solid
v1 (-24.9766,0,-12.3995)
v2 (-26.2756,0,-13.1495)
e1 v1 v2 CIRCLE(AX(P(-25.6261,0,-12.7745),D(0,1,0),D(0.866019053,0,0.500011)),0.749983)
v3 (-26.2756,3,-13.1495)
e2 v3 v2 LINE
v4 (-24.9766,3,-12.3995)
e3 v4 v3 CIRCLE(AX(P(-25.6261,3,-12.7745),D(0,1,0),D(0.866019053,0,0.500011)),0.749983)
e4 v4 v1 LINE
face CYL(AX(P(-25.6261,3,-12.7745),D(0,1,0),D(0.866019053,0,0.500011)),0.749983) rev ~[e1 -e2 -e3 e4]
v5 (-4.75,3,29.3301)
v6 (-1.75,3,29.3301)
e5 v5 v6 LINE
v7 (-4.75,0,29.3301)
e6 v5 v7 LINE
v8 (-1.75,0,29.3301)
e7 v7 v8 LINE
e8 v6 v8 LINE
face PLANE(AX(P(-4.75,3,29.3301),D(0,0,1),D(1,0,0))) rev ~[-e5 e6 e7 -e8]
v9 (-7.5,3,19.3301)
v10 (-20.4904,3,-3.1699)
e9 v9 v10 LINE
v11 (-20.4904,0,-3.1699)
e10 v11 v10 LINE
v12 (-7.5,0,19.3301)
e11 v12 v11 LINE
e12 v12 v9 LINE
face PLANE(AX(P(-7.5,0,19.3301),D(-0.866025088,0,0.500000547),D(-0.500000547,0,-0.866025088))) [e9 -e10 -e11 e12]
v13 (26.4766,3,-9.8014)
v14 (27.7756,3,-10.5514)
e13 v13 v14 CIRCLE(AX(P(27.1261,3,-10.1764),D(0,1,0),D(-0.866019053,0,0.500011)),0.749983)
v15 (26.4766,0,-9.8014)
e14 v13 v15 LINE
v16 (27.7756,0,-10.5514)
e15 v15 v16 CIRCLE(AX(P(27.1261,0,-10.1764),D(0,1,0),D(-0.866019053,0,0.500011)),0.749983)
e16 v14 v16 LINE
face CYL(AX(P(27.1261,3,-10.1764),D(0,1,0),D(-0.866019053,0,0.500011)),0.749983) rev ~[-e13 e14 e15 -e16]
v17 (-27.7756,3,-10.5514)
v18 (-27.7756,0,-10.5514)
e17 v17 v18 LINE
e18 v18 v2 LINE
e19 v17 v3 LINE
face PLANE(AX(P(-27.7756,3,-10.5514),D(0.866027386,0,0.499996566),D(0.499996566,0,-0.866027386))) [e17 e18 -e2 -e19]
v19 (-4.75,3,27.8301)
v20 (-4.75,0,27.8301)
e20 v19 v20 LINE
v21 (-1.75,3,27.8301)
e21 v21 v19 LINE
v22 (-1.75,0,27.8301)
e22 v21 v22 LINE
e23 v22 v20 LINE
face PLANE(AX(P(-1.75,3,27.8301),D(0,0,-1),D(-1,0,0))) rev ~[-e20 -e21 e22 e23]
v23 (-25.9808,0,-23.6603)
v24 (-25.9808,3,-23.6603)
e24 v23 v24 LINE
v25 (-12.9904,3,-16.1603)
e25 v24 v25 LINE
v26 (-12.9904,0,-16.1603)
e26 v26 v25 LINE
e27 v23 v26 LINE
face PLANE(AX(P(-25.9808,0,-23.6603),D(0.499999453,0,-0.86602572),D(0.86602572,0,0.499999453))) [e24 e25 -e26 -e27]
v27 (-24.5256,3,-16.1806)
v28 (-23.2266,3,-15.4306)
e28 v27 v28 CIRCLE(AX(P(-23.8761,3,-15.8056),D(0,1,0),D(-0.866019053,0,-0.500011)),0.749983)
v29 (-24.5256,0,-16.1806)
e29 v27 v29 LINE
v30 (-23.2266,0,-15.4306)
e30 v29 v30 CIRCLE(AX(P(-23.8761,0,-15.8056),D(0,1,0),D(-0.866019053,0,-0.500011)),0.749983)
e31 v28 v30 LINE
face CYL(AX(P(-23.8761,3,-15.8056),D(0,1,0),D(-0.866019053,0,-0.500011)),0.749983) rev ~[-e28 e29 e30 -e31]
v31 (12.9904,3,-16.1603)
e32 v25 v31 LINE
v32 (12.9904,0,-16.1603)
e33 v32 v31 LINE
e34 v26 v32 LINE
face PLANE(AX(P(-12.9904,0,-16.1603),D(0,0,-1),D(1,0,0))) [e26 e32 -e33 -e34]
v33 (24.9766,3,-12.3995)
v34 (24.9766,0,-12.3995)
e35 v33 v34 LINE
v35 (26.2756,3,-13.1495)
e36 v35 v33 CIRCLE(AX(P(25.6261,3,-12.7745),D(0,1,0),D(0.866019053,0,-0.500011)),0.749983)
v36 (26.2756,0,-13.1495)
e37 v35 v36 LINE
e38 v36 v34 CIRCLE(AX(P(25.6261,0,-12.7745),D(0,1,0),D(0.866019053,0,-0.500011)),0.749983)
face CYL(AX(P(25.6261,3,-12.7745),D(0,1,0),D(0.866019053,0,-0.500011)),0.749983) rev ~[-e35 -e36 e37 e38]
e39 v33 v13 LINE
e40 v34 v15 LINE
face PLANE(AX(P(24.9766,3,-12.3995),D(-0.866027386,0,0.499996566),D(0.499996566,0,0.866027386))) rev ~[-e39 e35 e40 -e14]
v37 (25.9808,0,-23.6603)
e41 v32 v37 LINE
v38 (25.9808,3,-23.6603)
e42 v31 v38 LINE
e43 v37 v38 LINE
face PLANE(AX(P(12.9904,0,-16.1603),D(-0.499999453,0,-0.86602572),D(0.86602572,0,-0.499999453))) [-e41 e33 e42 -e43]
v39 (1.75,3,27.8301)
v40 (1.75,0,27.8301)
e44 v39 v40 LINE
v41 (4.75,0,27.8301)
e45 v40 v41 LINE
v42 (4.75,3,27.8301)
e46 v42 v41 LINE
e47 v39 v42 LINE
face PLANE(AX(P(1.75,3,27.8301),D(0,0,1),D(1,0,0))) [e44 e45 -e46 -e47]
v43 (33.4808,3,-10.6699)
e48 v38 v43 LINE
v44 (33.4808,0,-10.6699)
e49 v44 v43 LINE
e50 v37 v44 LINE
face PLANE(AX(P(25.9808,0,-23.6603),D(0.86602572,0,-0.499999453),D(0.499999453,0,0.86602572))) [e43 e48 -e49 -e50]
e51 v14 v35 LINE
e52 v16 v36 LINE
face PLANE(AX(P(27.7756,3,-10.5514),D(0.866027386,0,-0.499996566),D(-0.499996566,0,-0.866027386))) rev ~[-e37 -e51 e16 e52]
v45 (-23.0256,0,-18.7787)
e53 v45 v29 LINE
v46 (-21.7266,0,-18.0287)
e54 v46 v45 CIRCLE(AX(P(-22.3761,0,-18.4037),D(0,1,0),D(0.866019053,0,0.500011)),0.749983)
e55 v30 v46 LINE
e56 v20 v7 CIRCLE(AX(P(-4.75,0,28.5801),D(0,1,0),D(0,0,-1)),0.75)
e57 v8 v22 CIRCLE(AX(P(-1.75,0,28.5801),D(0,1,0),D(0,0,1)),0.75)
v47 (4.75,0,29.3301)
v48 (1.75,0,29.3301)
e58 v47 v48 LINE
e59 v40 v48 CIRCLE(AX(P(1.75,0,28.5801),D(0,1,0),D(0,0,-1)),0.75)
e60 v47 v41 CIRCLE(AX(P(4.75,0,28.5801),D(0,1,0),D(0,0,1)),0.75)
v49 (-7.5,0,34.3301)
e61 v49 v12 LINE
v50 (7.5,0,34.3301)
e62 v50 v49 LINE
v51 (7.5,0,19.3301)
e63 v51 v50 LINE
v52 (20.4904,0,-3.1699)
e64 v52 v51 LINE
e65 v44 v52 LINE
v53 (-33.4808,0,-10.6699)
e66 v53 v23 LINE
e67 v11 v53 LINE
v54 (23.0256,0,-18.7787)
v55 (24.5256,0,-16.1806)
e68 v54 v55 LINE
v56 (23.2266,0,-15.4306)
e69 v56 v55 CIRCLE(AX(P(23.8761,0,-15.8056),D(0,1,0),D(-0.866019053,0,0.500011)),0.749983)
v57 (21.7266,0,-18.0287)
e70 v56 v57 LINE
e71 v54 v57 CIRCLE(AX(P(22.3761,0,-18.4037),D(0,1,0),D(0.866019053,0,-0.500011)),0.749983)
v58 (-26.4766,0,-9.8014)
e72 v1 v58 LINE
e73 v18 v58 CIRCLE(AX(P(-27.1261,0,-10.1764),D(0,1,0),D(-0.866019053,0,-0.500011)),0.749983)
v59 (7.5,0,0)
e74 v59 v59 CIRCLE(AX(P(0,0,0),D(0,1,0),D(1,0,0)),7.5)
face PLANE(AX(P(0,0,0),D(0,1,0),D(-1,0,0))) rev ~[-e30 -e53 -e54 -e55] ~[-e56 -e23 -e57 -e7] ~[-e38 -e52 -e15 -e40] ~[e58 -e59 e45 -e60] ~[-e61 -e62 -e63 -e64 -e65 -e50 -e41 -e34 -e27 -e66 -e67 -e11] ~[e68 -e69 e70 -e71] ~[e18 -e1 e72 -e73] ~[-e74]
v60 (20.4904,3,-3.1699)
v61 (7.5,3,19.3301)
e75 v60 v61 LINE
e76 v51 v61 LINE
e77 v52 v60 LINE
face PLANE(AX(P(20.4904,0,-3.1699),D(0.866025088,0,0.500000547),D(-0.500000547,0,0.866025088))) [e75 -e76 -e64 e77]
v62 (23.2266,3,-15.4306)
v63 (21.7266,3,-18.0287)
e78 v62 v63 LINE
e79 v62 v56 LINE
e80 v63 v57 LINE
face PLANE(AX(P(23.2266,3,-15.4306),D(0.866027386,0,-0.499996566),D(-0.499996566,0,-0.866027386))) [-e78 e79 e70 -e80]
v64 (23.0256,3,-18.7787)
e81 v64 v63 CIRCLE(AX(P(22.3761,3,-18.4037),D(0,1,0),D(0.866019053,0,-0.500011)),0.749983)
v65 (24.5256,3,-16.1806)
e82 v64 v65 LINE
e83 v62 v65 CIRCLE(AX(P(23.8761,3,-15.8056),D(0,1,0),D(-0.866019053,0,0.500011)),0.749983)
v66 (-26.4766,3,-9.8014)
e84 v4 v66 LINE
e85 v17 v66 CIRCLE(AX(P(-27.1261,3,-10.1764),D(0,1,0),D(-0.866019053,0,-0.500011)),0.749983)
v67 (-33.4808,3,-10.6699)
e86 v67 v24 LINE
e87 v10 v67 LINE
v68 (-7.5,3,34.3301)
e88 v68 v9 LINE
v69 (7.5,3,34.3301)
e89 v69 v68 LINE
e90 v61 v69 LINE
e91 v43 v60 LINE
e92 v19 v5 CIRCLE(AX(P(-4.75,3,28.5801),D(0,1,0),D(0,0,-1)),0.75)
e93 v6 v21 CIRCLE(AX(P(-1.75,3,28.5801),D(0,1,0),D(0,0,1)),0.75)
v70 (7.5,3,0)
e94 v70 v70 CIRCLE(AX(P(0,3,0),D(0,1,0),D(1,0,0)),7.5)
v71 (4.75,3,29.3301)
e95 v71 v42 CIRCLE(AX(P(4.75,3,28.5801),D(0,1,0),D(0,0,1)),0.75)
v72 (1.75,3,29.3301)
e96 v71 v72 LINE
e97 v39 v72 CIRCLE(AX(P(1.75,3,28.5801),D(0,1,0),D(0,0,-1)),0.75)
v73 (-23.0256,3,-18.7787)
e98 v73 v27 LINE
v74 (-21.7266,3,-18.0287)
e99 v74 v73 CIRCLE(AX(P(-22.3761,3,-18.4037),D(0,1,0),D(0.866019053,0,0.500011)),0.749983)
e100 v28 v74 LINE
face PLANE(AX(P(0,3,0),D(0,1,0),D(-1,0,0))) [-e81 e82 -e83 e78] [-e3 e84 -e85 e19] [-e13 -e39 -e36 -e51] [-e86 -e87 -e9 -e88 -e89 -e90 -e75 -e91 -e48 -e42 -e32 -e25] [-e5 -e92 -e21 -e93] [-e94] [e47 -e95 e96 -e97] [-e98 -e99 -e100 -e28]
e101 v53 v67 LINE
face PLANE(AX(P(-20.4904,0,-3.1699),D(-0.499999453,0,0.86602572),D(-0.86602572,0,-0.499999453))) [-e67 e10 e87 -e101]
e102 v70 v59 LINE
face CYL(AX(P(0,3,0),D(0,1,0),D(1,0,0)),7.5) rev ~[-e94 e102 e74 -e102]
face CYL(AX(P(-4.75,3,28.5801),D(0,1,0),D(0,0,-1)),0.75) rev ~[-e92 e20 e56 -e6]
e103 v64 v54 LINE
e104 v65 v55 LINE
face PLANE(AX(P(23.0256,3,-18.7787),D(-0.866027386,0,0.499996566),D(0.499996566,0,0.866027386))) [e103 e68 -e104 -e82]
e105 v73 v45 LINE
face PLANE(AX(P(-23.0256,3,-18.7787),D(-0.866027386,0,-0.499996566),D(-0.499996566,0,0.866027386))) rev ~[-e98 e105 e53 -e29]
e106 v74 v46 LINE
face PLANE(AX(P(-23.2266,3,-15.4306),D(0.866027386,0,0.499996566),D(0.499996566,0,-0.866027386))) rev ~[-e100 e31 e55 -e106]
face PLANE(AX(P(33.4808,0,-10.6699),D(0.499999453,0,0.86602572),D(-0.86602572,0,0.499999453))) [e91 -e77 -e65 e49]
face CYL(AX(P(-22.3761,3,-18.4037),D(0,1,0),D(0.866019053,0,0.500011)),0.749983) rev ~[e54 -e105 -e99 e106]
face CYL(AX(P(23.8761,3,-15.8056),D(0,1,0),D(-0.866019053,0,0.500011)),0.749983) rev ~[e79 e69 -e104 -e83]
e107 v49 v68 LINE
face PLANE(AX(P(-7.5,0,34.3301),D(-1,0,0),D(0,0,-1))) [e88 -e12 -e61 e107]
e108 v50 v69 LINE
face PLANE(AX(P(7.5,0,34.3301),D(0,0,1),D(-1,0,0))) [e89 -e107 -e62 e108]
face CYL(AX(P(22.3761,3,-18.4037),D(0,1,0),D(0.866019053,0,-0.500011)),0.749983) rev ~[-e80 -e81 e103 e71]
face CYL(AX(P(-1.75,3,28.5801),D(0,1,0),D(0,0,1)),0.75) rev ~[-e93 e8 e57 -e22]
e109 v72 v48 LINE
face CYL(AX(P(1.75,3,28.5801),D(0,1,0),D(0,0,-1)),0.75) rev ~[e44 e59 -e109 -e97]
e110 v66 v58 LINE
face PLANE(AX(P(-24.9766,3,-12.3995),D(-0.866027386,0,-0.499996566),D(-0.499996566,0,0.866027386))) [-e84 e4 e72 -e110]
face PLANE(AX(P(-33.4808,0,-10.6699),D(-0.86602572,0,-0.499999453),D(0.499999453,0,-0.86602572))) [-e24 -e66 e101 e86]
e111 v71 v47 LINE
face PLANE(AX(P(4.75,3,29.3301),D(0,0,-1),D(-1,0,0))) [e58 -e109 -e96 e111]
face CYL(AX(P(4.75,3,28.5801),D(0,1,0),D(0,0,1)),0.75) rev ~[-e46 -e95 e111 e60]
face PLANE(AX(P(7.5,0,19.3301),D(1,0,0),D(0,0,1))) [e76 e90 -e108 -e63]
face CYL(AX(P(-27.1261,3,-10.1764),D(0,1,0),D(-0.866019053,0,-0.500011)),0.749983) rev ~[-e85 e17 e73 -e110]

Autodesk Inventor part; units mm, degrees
ref_plane "YZ Plane" through (0, 0, 0) normal (1, 0, 0) x (0, 1, 0)
ref_plane "XZ Plane" through (0, 0, 0) normal (0, 1, 0) x (-1, 0, 0)
ref_plane "XY Plane" through (0, 0, 0) normal (0, 0, 1) x (1, 0, 0)
sketch "Sketch1" plane through (0, 0, 0) normal (0, 1, 0) x (-1, 0, 0)
  line L0 (-7.5, 19.3301) -> (-7.5, 34.3301)
  line L1 (-7.5, 34.3301) -> (7.5, 34.3301)
  line L2 (7.5, 34.3301) -> (7.5, 19.3301)
  line L3 (20.4904, -3.1699) -> (33.4808, -10.6699)
  line L4 (33.4808, -10.6699) -> (25.9808, -23.6603)
  line L5 (25.9808, -23.6603) -> (12.9904, -16.1603)
  line L6 (-12.9904, -16.1603) -> (-25.9808, -23.6603)
  line L7 (-25.9808, -23.6603) -> (-33.4808, -10.6699)
  line L8 (-33.4808, -10.6699) -> (-20.4904, -3.1699)
  line L9 (7.5, 19.3301) -> (20.4904, -3.1699)
  line L10 (12.9904, -16.1603) -> (-12.9904, -16.1603)
  line L11 (-20.4904, -3.1699) -> (-7.5, 19.3301)
  point P0 (0, 0)
  point P1 (0, 0)
extrude "Extrusion1" add sketch "Sketch1" along normal blind 3
sketch "Sketch2" plane through (0, 3, 0) normal (0, 1, 0) x (1, 0, 0)
  circle A0 centre (0, 0) radius 7.5
  line L0 (33.4808, 10.6699) -> (25.9808, 23.6603) projected
  line L1 (29.7308, 17.1651) -> (35.4808, 17.1651) construction
  line L2 (20.4904, 3.1699) -> (33.4808, 10.6699) projected
  line L3 (25.6261, 12.7745) -> (27.1261, 10.1764) construction
  line L4 (24.9766, 12.3995) -> (26.4766, 9.8014)
  line L5 (27.7756, 10.5514) -> (26.2756, 13.1495)
  arc A1 (26.2756, 13.1495) -> (24.9766, 12.3995) centre (25.6261, 12.7745) ccw
  arc A2 (26.4766, 9.8014) -> (27.7756, 10.5514) centre (27.1261, 10.1764) ccw
  line L6 (23.8761, 15.8056) -> (22.3761, 18.4037) construction
  line L7 (23.2266, 15.4306) -> (21.7266, 18.0287)
  line L8 (23.0256, 18.7787) -> (24.5256, 16.1806)
  arc A3 (23.2266, 15.4306) -> (24.5256, 16.1806) centre (23.8761, 15.8056) ccw
  arc A4 (23.0256, 18.7787) -> (21.7266, 18.0287) centre (22.3761, 18.4037) ccw
  line L9 (-23.2266, 15.4306) -> (-21.7266, 18.0287)
  arc A5 (-21.7266, 18.0287) -> (-23.0256, 18.7787) centre (-22.3761, 18.4037) ccw
  arc A6 (-24.5256, 16.1806) -> (-23.2266, 15.4306) centre (-23.8761, 15.8056) ccw
  line L10 (-23.8761, 15.8056) -> (-22.3761, 18.4037) construction
  line L11 (-23.0256, 18.7787) -> (-24.5256, 16.1806)
  arc A7 (-24.9766, 12.3995) -> (-26.2756, 13.1495) centre (-25.6261, 12.7745) ccw
  line L12 (-24.9766, 12.3995) -> (-26.4766, 9.8014)
  arc A8 (-27.7756, 10.5514) -> (-26.4766, 9.8014) centre (-27.1261, 10.1764) ccw
  line L13 (-27.7756, 10.5514) -> (-26.2756, 13.1495)
  line L14 (-29.7308, 17.1651) -> (-32.6058, 22.1447) construction
  line L15 (-25.6261, 12.7745) -> (-27.1261, 10.1764) construction
  line L16 (-1.75, -27.8301) -> (-4.75, -27.8301)
  arc A9 (-4.75, -27.8301) -> (-4.75, -29.3301) centre (-4.75, -28.5801) ccw
  arc A10 (-1.75, -29.3301) -> (-1.75, -27.8301) centre (-1.75, -28.5801) ccw
  line L17 (-1.75, -28.5801) -> (-4.75, -28.5801) construction
  line L18 (-4.75, -29.3301) -> (-1.75, -29.3301)
  arc A11 (1.75, -27.8301) -> (1.75, -29.3301) centre (1.75, -28.5801) ccw
  line L19 (1.75, -27.8301) -> (4.75, -27.8301)
  arc A12 (4.75, -29.3301) -> (4.75, -27.8301) centre (4.75, -28.5801) ccw
  line L20 (4.75, -29.3301) -> (1.75, -29.3301)
  line L21 (0, -34.3301) -> (-2.875, -39.3098) construction
  line L22 (1.75, -28.5801) -> (4.75, -28.5801) construction
  point P0 (26.3761, 11.4755)
  point P1 (23.1261, 17.1046)
  point P2 (-12.9904, 16.1603)
  point P3 (-23.1261, 17.1046)
  point P4 (-26.3761, 11.4755)
  point P5 (-25.9808, 23.6603)
  point P6 (-33.4808, 10.6699)
  point P7 (-7.5, -19.3301)
  point P8 (-3.25, -28.5801)
  point P9 (3.25, -28.5801)
  point P10 (-7.5, -34.3301)
  point P11 (7.5, -34.3301)
  dimension "d5" = 15
  dimension "d10" = 1.5
  dimension "d11" = 1.5
  dimension "d14" = 360
extrude "Extrusion2" cut sketch "Sketch2" against normal blind 3
properties part number "end effector profile"
